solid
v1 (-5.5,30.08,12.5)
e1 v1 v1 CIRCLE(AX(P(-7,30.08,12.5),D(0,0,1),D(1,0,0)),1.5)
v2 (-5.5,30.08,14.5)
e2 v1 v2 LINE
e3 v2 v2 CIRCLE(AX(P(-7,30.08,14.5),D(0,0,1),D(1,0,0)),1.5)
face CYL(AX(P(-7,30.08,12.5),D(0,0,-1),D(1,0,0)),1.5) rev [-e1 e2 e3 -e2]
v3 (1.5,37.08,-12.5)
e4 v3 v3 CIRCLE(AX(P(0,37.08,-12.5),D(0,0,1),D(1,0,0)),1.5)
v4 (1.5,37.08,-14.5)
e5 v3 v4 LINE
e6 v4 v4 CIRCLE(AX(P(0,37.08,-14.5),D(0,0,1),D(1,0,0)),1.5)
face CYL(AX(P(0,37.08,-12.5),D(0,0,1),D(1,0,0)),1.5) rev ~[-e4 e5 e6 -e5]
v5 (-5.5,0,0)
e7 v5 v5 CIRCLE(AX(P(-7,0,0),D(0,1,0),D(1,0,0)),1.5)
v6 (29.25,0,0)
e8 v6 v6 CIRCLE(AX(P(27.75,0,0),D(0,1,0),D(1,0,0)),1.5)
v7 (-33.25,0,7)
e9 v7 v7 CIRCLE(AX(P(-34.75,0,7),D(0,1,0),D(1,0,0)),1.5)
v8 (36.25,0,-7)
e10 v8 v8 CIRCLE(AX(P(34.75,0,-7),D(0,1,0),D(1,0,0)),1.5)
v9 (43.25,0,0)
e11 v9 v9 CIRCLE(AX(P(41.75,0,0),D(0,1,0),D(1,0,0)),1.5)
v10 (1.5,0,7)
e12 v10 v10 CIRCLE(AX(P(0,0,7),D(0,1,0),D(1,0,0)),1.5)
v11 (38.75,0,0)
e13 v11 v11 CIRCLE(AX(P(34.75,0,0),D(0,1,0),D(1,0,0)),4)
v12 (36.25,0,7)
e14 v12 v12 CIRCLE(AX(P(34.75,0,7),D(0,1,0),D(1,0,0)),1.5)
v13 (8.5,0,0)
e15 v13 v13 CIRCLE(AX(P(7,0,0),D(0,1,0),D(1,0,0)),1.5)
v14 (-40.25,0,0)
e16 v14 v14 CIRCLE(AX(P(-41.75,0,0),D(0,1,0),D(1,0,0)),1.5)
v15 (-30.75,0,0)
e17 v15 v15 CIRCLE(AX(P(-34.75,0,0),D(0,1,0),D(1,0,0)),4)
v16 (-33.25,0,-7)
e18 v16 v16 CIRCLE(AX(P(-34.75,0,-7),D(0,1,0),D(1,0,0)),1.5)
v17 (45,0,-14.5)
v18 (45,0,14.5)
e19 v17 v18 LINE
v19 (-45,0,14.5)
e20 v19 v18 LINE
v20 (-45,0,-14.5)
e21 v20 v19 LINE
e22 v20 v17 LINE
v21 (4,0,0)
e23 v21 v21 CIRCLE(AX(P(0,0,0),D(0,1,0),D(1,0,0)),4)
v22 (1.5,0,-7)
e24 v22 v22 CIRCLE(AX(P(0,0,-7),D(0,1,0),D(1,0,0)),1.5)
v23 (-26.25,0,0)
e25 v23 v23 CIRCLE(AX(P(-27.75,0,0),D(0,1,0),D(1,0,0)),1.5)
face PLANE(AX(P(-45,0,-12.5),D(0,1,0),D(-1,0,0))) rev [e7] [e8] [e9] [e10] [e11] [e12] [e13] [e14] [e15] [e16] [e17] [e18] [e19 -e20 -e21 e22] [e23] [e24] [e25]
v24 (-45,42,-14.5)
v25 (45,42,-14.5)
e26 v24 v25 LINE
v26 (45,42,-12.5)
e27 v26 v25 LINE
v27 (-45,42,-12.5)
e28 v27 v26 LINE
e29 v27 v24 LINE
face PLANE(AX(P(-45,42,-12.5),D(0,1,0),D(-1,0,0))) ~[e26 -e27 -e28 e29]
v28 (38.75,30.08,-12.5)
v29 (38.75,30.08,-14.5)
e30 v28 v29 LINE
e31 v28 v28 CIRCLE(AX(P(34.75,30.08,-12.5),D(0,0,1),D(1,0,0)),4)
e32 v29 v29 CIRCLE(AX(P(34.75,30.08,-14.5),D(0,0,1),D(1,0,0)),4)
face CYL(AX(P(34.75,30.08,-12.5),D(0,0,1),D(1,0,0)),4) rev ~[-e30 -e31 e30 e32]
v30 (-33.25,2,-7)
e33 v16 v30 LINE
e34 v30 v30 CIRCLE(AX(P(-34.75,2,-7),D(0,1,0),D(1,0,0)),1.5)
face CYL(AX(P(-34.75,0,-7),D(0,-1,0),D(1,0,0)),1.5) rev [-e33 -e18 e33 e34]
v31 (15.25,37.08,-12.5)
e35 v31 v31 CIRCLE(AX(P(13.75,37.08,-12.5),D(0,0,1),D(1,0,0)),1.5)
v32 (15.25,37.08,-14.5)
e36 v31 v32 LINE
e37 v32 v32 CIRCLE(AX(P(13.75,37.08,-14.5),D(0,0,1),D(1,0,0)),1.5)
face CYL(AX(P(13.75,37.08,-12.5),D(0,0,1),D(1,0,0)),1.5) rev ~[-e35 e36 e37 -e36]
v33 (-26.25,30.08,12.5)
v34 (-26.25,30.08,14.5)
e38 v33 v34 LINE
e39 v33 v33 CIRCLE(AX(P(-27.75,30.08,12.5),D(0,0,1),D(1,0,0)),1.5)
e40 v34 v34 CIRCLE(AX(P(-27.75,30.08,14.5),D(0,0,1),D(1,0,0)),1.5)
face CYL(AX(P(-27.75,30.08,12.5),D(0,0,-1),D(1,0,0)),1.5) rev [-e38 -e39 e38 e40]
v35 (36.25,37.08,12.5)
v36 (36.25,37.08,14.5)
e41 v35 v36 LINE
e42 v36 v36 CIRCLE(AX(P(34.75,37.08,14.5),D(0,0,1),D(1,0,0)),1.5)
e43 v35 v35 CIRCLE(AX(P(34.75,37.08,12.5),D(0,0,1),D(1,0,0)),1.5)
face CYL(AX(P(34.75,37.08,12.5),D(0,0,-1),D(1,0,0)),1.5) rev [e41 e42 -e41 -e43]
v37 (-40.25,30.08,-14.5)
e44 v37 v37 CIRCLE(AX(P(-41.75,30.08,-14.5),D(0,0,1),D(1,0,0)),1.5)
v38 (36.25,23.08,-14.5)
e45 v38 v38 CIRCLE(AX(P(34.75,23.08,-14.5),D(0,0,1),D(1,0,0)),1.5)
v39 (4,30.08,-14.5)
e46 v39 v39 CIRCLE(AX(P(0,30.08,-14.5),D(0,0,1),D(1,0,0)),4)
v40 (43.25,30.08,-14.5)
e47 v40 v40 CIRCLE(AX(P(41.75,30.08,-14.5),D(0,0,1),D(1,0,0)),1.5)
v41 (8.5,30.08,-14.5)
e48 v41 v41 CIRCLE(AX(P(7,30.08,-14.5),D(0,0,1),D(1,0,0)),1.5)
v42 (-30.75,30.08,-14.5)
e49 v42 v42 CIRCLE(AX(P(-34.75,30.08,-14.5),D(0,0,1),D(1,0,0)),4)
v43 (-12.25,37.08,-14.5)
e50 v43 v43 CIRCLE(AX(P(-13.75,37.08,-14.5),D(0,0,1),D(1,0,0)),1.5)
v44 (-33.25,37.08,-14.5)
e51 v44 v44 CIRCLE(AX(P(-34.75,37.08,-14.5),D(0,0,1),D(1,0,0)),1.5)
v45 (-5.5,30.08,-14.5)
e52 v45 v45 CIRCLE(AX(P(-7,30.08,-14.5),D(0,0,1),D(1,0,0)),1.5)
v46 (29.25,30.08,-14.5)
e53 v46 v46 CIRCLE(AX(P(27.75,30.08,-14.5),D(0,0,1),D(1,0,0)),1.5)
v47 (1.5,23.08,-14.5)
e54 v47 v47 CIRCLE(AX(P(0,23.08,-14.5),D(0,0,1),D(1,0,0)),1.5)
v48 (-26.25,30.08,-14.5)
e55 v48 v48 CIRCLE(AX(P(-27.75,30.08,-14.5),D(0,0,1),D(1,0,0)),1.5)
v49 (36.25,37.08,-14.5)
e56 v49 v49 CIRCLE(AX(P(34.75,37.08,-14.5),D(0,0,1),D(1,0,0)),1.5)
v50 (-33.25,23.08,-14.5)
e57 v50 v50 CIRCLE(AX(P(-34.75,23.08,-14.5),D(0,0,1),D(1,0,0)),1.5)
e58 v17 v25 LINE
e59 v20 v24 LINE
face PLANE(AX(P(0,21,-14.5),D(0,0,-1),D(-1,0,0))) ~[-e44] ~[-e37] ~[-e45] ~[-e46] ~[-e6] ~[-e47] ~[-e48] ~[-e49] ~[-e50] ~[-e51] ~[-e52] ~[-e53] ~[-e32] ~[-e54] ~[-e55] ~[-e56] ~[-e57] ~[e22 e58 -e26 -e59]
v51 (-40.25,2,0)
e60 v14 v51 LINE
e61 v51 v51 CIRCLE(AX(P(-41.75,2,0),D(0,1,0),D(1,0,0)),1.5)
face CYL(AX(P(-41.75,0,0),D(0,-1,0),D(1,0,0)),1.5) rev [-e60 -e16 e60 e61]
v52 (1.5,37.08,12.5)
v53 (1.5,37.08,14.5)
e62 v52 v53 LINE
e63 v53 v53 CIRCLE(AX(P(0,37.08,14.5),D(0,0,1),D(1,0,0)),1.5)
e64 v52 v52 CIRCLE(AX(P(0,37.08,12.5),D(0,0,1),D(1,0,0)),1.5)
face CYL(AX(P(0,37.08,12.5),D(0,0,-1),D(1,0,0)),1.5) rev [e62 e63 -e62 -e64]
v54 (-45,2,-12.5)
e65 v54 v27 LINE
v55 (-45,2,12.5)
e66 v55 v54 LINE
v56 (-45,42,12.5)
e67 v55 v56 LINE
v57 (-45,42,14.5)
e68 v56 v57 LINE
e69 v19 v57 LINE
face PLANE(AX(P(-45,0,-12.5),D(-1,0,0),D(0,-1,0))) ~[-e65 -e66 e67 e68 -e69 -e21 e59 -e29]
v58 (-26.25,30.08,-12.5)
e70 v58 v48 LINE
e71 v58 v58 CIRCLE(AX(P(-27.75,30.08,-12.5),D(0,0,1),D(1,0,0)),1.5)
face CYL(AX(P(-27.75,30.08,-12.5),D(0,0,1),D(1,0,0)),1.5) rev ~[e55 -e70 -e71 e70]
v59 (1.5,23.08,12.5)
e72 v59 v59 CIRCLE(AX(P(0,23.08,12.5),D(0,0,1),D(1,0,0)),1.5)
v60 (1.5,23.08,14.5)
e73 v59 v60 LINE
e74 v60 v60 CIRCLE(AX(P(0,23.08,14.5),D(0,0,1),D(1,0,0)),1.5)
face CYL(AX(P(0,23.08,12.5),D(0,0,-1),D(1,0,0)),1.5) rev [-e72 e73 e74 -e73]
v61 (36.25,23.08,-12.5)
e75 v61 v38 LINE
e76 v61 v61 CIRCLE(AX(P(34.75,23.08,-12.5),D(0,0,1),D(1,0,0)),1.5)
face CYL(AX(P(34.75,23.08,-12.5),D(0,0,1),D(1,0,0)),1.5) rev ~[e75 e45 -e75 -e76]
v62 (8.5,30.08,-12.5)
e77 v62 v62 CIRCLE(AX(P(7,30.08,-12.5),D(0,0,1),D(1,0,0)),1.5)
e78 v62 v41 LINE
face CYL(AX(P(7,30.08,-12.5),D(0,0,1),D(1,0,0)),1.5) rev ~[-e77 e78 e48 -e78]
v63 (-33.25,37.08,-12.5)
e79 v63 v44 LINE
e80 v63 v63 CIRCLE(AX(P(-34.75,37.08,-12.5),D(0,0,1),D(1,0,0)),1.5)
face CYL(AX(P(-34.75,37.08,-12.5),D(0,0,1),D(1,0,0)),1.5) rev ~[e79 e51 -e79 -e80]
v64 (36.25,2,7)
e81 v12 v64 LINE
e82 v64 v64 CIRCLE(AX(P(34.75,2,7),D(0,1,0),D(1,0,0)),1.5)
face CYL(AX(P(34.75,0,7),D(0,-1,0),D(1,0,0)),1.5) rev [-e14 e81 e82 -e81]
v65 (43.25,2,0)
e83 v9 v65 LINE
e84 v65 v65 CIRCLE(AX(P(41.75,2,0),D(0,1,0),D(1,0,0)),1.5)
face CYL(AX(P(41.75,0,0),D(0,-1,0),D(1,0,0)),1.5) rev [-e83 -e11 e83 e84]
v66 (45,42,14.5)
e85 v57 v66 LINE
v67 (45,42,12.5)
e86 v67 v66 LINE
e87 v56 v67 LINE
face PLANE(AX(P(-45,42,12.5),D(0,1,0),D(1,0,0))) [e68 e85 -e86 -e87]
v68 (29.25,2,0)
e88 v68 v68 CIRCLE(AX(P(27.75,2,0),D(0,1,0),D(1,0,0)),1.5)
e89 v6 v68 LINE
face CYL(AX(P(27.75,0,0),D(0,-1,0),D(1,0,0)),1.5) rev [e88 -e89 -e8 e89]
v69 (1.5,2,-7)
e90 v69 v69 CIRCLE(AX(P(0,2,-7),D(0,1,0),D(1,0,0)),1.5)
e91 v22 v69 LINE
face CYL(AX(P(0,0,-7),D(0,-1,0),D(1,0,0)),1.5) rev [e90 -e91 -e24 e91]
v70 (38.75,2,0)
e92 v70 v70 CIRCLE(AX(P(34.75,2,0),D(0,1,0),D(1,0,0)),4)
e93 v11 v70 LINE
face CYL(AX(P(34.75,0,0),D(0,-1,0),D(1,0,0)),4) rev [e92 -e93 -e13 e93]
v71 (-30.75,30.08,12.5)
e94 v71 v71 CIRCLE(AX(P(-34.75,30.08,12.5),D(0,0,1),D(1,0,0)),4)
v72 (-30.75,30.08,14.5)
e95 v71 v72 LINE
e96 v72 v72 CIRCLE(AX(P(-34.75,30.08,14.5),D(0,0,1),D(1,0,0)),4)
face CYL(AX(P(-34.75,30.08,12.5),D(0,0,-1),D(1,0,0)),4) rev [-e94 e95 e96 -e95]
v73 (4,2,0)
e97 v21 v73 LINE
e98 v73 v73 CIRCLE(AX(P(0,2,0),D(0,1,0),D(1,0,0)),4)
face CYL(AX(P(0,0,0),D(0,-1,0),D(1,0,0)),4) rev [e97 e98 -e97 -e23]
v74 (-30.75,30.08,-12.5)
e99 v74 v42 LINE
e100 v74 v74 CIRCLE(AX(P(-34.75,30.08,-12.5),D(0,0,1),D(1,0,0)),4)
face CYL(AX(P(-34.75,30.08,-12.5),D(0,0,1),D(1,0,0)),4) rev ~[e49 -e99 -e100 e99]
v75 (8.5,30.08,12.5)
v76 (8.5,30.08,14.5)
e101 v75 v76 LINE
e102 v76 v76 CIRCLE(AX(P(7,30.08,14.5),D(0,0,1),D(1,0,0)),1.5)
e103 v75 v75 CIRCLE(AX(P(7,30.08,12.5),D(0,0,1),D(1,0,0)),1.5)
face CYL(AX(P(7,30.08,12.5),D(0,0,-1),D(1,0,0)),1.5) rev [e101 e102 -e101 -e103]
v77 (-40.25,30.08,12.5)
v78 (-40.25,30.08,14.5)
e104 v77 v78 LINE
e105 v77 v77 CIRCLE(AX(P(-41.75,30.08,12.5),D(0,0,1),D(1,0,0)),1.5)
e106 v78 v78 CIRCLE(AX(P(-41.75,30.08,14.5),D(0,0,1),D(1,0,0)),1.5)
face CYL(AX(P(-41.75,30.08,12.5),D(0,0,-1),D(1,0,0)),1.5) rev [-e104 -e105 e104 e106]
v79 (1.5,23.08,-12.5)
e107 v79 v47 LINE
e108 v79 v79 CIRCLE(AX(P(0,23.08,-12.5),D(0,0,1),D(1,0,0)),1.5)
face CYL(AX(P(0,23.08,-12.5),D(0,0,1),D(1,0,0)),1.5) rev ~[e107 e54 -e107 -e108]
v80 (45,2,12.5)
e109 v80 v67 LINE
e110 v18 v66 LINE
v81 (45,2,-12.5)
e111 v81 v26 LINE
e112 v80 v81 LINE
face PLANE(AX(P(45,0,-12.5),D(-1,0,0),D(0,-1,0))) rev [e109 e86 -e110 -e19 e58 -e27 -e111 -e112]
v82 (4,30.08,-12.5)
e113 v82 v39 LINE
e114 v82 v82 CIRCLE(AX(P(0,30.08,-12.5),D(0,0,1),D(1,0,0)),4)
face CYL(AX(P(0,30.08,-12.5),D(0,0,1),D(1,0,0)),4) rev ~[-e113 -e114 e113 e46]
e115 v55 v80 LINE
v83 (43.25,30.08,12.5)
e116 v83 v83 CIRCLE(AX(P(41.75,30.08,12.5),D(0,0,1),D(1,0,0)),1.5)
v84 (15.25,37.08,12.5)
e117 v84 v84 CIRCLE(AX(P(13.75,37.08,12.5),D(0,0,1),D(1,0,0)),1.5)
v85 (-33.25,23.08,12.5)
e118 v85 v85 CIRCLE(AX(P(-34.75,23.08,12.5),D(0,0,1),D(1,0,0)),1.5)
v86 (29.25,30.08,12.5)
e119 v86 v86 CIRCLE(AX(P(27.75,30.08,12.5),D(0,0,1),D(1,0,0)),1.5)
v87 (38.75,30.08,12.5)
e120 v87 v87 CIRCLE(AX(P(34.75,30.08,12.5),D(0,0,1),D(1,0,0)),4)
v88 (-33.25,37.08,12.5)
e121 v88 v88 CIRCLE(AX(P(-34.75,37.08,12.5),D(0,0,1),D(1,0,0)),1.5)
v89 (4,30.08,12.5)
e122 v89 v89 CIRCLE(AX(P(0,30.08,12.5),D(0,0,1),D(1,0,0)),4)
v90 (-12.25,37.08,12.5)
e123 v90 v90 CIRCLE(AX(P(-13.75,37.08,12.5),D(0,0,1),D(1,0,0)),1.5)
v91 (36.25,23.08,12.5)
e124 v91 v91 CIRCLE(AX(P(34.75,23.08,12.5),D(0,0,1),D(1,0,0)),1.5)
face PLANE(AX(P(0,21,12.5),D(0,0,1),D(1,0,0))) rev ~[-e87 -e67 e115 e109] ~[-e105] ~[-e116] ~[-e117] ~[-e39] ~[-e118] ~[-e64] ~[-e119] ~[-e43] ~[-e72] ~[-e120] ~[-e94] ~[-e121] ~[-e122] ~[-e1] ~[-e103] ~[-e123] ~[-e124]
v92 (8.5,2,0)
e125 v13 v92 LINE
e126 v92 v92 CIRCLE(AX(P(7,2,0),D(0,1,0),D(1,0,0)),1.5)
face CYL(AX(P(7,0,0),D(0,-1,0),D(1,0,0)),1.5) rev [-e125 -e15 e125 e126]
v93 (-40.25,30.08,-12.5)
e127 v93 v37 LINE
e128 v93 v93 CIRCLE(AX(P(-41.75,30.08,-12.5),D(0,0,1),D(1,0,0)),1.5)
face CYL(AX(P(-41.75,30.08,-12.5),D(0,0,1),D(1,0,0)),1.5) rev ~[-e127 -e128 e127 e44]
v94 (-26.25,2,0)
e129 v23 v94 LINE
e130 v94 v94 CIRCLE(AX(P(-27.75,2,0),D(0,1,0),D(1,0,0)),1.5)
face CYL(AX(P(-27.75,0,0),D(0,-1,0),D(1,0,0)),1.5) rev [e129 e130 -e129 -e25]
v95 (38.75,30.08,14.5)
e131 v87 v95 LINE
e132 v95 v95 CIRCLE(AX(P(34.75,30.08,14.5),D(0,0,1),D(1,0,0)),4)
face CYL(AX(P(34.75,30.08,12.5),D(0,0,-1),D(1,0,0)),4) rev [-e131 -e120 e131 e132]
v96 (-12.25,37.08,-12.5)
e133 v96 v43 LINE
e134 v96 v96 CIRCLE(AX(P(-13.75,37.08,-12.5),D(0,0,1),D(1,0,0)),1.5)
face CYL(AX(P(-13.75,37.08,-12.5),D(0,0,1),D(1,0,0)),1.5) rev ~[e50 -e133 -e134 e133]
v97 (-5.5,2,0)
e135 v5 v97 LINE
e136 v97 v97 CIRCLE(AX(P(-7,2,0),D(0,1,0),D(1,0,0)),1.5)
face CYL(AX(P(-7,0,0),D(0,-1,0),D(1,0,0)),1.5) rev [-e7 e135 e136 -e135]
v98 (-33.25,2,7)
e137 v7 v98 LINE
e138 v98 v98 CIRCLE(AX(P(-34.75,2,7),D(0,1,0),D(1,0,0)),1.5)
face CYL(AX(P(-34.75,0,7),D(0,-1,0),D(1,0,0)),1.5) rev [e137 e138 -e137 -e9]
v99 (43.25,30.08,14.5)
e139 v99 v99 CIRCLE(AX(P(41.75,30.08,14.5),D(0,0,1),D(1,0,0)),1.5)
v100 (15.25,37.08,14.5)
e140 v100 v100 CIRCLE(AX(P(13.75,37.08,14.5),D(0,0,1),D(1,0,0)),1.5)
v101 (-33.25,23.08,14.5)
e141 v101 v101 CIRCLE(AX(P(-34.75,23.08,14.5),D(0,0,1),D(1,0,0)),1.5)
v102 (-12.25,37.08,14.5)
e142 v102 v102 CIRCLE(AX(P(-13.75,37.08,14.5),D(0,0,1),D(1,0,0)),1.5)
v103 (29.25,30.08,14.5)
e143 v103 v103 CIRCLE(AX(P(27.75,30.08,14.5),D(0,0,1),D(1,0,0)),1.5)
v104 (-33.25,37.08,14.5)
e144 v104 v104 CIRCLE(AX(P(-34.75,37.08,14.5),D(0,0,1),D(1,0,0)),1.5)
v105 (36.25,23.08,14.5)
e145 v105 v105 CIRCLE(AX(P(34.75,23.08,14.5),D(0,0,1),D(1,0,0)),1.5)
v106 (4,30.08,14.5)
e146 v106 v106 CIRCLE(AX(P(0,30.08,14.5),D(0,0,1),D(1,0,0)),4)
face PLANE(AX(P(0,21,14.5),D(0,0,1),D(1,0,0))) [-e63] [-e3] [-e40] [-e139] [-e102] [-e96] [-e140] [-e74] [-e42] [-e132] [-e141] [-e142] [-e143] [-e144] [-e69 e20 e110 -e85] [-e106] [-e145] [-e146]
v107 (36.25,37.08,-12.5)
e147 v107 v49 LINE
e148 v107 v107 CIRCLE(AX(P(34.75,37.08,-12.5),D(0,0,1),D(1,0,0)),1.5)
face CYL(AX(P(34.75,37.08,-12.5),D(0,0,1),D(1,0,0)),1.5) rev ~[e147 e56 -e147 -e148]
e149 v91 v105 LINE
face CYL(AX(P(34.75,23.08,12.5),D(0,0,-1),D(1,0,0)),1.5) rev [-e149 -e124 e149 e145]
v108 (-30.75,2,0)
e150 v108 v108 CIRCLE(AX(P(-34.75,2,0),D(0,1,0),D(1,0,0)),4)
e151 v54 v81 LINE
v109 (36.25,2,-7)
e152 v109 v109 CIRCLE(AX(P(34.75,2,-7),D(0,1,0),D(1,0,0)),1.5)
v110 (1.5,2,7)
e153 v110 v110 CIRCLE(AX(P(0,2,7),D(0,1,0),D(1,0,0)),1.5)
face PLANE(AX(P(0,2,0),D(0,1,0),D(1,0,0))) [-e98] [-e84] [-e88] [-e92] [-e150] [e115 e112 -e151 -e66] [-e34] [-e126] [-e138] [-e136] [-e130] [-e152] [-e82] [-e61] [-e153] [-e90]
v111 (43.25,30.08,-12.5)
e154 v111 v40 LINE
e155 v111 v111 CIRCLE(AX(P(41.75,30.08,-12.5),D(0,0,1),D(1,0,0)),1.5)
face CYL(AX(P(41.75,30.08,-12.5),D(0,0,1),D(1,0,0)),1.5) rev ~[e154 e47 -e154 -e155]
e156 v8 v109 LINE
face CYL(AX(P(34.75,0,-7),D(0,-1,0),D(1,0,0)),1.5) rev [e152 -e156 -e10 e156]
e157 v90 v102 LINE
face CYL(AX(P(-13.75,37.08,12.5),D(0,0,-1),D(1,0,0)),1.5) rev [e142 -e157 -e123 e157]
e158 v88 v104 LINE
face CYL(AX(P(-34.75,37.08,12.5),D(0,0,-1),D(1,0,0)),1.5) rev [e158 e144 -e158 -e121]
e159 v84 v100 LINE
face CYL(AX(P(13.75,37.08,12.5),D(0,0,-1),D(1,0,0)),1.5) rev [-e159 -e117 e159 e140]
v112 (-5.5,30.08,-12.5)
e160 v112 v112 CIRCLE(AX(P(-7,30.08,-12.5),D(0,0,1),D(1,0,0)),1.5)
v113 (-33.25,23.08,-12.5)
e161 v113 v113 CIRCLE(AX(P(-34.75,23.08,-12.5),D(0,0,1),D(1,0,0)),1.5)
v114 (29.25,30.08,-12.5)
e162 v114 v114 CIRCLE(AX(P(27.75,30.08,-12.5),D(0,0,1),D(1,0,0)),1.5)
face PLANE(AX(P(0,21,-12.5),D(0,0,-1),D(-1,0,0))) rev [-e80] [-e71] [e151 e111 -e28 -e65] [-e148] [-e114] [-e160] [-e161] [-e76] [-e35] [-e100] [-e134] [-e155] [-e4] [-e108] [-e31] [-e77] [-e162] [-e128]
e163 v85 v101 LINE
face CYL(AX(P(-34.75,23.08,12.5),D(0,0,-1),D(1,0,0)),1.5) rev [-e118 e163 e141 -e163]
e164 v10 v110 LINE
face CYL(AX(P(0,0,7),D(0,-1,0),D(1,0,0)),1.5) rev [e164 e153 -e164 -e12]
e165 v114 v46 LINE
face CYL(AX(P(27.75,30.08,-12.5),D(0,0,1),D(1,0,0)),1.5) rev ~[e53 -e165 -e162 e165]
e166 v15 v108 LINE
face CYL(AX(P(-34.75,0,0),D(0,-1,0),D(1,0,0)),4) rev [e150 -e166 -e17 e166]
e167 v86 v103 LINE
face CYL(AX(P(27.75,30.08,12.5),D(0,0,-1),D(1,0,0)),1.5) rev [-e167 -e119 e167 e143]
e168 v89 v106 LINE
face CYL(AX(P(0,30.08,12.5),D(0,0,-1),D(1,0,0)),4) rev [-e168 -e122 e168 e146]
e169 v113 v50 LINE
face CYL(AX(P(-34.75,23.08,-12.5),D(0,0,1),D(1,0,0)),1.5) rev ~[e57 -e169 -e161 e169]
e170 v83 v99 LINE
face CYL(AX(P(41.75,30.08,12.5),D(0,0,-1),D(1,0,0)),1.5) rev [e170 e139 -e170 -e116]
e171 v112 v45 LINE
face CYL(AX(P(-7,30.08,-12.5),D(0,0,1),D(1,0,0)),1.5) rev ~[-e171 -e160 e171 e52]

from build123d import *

# Parameters (mm, degrees)
SKETCH1_W           = 90
SKETCH1_H           = 25
SKETCH1_R           = 4
SKETCH1_R_2         = 1.5
BOSS_EXTRUDE1_DEPTH = 2
SKETCH2_W           = 90
SKETCH2_H           = 42
SKETCH2_R           = 4
SKETCH2_R_2         = 1.5
BOSS_EXTRUDE2_DEPTH = 2


with BuildPart() as part:
    # Sketch1 → Boss-Extrude1 (new body)
    with BuildSketch(Plane(origin=(0, 0, 0), x_dir=(1, 0, 0), z_dir=(0, 1, 0))):
        Rectangle(SKETCH1_W, SKETCH1_H)
        Circle(SKETCH1_R, mode=Mode.SUBTRACT)
        with Locations((34.75, 0)):
            Circle(SKETCH1_R, mode=Mode.SUBTRACT)
        with Locations((0, 7)):
            Circle(SKETCH1_R_2, mode=Mode.SUBTRACT)
        with Locations((7, 0)):
            Circle(SKETCH1_R_2, mode=Mode.SUBTRACT)
        with Locations((-7, 0)):
            Circle(SKETCH1_R_2, mode=Mode.SUBTRACT)
        with Locations((0, -7)):
            Circle(SKETCH1_R_2, mode=Mode.SUBTRACT)
        with Locations((-34.75, 0)):
            Circle(SKETCH1_R, mode=Mode.SUBTRACT)
        with Locations((34.75, 7)):
            Circle(SKETCH1_R_2, mode=Mode.SUBTRACT)
        with Locations((41.75, 0)):
            Circle(SKETCH1_R_2, mode=Mode.SUBTRACT)
        with Locations((34.75, -7)):
            Circle(SKETCH1_R_2, mode=Mode.SUBTRACT)
        with Locations((27.75, 0)):
            Circle(SKETCH1_R_2, mode=Mode.SUBTRACT)
        with Locations((-34.75, 7)):
            Circle(SKETCH1_R_2, mode=Mode.SUBTRACT)
        with Locations((-27.75, 0)):
            Circle(SKETCH1_R_2, mode=Mode.SUBTRACT)
        with Locations((-34.75, -7)):
            Circle(SKETCH1_R_2, mode=Mode.SUBTRACT)
        with Locations((-41.75, 0)):
            Circle(SKETCH1_R_2, mode=Mode.SUBTRACT)
    extrude(amount=BOSS_EXTRUDE1_DEPTH)

    # Sketch2 → Boss-Extrude2 (add)
    with BuildSketch(Plane.XY.offset(12.5)):
        with Locations((0, 21)):
            Rectangle(SKETCH2_W, SKETCH2_H)
        with Locations((0, 30.08)):
            Circle(SKETCH2_R, mode=Mode.SUBTRACT)
        with Locations((0, 37.08)):
            Circle(SKETCH2_R_2, mode=Mode.SUBTRACT)
        with Locations((7, 30.08)):
            Circle(SKETCH2_R_2, mode=Mode.SUBTRACT)
        with Locations((0, 23.08)):
            Circle(SKETCH2_R_2, mode=Mode.SUBTRACT)
        with Locations((-7, 30.08)):
            Circle(SKETCH2_R_2, mode=Mode.SUBTRACT)
        with Locations((34.75, 30.08)):
            Circle(SKETCH2_R, mode=Mode.SUBTRACT)
        with Locations((34.75, 37.08)):
            Circle(SKETCH2_R_2, mode=Mode.SUBTRACT)
        with Locations((41.75, 30.08)):
            Circle(SKETCH2_R_2, mode=Mode.SUBTRACT)
        with Locations((34.75, 23.08)):
            Circle(SKETCH2_R_2, mode=Mode.SUBTRACT)
        with Locations((27.75, 30.08)):
            Circle(SKETCH2_R_2, mode=Mode.SUBTRACT)
        with Locations((-34.75, 30.08)):
            Circle(SKETCH2_R, mode=Mode.SUBTRACT)
        with Locations((-34.75, 37.08)):
            Circle(SKETCH2_R_2, mode=Mode.SUBTRACT)
        with Locations((-27.75, 30.08)):
            Circle(SKETCH2_R_2, mode=Mode.SUBTRACT)
        with Locations((-34.75, 23.08)):
            Circle(SKETCH2_R_2, mode=Mode.SUBTRACT)
        with Locations((-41.75, 30.08)):
            Circle(SKETCH2_R_2, mode=Mode.SUBTRACT)
        with Locations((13.75, 37.08)):
            Circle(SKETCH2_R_2, mode=Mode.SUBTRACT)
        with Locations((-13.75, 37.08)):
            Circle(SKETCH2_R_2, mode=Mode.SUBTRACT)
    extrude(amount=BOSS_EXTRUDE2_DEPTH)

    # Mirror1: part across plane


with BuildPart() as part_1:
    add(part.part)
    add(part.part.mirror(Plane.XY))


solid = part_1.part
